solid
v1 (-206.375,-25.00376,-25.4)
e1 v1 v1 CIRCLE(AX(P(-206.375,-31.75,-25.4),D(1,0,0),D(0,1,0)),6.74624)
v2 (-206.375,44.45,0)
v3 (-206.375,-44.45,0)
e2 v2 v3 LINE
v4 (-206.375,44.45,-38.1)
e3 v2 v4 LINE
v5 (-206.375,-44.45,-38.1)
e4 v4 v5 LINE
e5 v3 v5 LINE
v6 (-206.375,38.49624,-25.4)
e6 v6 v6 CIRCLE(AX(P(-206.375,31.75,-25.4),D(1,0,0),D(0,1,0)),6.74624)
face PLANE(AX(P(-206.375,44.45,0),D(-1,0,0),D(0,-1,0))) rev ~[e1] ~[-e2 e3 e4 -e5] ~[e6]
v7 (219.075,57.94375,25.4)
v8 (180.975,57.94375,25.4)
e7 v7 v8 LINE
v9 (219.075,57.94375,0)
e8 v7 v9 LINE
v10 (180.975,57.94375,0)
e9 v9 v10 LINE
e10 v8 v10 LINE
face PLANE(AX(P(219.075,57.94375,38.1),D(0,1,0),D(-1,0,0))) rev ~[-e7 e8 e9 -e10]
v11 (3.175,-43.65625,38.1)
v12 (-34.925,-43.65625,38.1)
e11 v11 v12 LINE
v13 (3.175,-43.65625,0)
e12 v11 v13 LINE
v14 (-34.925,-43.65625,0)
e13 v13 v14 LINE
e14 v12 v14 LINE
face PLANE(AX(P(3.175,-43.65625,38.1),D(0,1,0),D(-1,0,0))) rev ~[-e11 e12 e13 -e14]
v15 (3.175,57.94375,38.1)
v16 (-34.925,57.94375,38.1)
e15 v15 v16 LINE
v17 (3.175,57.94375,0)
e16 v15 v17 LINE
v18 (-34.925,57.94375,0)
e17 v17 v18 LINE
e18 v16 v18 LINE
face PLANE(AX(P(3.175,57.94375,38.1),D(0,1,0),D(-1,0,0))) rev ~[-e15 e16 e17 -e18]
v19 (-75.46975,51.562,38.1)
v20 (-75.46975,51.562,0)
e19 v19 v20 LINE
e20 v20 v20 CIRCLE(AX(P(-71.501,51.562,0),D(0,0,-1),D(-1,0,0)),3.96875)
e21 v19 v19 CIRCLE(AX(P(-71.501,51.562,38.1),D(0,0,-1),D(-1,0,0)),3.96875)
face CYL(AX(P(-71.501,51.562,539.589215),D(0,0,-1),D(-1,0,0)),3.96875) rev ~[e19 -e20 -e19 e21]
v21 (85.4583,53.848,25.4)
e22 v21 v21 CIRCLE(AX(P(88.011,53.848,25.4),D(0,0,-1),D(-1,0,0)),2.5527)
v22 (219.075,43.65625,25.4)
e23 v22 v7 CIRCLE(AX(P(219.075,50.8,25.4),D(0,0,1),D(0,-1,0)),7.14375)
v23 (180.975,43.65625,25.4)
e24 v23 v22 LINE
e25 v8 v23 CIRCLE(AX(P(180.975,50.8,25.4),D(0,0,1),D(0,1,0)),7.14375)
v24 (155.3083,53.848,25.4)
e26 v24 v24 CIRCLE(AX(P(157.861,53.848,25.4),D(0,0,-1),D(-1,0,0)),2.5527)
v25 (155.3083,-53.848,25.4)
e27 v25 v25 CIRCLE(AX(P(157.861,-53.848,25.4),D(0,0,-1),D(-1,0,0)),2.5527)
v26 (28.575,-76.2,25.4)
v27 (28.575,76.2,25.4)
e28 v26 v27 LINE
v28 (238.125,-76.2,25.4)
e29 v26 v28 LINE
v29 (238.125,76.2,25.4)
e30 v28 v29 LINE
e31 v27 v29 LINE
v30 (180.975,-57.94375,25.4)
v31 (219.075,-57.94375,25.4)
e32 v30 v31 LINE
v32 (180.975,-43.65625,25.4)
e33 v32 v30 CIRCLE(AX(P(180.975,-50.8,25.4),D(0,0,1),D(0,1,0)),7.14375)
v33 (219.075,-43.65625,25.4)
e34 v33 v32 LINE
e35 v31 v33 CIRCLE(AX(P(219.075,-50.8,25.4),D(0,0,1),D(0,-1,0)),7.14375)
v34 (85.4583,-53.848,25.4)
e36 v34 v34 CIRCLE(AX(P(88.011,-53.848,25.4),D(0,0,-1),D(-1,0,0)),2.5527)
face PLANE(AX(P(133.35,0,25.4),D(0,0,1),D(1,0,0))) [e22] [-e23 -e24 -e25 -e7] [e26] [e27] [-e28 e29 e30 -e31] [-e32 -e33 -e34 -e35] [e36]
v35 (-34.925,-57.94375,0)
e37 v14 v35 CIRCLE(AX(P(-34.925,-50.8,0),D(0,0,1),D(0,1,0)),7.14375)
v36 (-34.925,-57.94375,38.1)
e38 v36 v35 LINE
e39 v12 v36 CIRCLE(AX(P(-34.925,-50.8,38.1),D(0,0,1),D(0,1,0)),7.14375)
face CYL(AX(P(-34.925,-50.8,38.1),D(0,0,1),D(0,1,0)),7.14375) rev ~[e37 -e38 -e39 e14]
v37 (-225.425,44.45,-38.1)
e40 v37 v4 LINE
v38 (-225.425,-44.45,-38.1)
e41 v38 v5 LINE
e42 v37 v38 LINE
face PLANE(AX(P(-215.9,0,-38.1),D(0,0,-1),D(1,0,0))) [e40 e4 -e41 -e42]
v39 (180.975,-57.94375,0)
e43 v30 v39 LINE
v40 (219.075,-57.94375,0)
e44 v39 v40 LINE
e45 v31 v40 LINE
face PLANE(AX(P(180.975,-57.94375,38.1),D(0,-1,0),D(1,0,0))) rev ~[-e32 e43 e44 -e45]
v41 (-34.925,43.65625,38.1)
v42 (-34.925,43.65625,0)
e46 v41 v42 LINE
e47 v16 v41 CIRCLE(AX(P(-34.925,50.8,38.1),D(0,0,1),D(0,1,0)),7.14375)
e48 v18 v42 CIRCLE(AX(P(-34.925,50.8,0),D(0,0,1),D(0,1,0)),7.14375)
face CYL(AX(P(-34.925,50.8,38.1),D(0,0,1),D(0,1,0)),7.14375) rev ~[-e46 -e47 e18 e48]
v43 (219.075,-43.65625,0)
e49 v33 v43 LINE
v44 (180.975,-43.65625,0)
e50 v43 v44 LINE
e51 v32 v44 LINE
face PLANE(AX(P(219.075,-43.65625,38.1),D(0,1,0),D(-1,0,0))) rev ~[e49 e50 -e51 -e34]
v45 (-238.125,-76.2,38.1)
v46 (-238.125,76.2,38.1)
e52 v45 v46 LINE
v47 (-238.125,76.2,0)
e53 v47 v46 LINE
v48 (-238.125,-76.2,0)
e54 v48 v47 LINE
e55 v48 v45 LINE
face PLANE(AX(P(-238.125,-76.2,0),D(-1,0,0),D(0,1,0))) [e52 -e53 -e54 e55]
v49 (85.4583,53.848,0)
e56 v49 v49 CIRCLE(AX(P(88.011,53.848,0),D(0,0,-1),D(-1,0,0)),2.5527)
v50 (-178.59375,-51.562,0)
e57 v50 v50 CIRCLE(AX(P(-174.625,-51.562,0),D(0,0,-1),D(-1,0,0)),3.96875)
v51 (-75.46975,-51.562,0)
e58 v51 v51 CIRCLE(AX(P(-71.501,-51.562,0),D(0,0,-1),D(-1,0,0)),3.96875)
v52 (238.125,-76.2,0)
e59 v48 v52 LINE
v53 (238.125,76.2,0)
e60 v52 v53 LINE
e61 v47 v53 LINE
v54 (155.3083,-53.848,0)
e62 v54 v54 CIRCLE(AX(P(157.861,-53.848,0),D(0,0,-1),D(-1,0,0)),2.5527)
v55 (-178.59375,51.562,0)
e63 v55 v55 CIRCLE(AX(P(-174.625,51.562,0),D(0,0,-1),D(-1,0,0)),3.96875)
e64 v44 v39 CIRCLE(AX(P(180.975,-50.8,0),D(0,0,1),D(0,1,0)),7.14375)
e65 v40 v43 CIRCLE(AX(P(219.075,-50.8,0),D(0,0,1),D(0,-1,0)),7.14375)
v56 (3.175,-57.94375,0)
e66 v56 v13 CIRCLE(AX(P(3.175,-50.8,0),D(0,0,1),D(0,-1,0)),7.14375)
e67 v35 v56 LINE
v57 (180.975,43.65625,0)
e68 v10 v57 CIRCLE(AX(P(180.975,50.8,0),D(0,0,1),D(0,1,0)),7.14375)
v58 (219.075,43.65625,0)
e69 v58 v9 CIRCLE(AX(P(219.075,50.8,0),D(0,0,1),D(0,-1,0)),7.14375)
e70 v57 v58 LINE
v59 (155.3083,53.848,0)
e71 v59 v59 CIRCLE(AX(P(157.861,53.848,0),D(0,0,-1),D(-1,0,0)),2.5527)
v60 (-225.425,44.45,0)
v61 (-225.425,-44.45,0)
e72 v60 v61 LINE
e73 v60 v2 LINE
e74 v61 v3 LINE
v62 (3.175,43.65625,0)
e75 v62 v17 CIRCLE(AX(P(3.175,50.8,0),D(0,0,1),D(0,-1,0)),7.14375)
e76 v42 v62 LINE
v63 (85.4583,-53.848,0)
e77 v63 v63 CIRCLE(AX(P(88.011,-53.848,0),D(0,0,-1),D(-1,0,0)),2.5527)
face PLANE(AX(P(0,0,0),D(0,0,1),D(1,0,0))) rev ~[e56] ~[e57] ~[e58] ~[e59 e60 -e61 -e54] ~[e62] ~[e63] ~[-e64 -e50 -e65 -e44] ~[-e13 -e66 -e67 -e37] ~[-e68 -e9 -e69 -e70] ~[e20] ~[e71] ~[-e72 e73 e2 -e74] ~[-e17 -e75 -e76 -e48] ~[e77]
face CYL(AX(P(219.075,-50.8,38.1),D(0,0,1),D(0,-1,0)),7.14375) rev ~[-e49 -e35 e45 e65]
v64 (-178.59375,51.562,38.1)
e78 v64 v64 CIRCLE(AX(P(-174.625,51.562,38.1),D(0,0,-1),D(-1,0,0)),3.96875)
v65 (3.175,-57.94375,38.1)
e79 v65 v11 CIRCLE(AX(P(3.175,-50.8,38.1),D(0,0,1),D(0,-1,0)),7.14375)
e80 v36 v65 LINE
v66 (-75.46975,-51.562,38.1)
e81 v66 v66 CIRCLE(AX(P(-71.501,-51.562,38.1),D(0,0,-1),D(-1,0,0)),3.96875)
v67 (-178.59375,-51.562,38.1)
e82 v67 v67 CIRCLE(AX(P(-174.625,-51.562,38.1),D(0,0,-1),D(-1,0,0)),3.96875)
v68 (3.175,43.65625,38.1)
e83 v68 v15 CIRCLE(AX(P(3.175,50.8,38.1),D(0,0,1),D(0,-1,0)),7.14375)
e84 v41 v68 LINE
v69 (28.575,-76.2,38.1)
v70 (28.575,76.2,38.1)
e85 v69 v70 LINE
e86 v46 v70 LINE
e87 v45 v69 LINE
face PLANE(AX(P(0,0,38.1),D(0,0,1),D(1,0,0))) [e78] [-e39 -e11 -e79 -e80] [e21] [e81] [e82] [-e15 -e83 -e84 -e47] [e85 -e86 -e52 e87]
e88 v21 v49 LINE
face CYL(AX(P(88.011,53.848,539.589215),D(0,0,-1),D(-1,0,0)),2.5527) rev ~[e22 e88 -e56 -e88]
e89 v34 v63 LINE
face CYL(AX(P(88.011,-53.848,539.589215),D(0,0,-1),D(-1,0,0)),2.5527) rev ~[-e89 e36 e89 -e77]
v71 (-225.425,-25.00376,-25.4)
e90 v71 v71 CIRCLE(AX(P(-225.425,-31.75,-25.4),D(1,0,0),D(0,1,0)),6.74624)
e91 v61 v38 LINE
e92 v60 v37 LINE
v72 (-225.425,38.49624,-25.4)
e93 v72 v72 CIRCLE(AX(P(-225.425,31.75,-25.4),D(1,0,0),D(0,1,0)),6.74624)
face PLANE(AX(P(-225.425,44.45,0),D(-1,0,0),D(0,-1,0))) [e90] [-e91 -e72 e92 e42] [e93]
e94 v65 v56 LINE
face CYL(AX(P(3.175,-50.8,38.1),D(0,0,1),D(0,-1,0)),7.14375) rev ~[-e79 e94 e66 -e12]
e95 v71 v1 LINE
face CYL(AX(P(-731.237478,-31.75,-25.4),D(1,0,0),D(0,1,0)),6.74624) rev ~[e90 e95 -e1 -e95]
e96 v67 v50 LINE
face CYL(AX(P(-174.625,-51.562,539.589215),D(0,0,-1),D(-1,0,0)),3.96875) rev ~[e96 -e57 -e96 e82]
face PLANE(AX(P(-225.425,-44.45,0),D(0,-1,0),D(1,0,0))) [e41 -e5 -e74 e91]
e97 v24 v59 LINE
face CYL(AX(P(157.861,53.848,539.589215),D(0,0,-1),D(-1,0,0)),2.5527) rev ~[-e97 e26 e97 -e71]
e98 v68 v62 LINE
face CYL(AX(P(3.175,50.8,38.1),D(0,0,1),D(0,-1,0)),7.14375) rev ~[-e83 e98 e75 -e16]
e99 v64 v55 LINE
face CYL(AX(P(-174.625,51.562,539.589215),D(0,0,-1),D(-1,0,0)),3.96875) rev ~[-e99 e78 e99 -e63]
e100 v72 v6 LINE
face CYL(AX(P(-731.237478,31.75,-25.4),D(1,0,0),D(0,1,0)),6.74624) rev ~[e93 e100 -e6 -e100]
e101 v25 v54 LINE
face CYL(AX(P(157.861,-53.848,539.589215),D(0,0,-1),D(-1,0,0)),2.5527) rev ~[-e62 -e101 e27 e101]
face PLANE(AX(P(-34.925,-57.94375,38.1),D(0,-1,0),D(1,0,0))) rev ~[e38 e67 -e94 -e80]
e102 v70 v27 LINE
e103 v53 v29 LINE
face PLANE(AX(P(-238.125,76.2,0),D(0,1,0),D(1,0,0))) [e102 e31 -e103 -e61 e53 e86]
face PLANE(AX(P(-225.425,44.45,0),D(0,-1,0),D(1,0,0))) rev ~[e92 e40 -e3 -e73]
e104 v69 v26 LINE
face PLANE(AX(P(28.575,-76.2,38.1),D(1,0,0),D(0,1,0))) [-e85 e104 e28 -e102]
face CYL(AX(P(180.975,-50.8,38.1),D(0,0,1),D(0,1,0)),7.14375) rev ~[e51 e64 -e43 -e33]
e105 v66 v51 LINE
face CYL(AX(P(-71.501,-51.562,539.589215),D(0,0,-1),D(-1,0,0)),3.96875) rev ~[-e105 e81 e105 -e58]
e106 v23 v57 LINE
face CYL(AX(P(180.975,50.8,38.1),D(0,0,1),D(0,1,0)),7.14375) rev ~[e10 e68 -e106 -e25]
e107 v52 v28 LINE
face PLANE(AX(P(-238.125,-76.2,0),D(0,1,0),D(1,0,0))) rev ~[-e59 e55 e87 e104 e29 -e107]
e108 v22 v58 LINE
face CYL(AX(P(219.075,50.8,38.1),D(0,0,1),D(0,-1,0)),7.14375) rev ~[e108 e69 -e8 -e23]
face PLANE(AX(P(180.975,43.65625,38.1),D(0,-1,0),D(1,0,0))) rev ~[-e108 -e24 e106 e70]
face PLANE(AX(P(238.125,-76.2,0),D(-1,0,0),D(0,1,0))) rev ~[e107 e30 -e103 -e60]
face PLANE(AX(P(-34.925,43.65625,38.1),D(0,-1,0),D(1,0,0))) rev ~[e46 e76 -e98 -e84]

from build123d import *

# Parameters (mm, degrees)
F0_W      = 476.25
F0_H      = 152.4
F1_DEPTH  = 38.1
F2_W      = 209.55
F2_H      = 152.4
F3_DEPTH  = 12.7
F5_DEPTH  = 38.101
F7_D      = 7.9375
F8_D      = 5.1054
F9_W      = 19.05
F9_H      = 88.9
F10_DEPTH = 38.1
F12_D     = 13.49248


with BuildPart() as f1:
    # F0 (on Top) → F1 (new body)
    with BuildSketch(Plane.XY):
        Rectangle(F0_W, F0_H)
    extrude(amount=F1_DEPTH)

    # F2 (on face) → F3 (cut)
    with BuildSketch(Plane.XY.offset(38.1)):
        with Locations((133.35, 0)):
            Rectangle(F2_W, F2_H)
    extrude(amount=-F3_DEPTH, mode=Mode.SUBTRACT)

    # F4 (on face) → F5 (cut, through all)
    with BuildSketch(Plane.XY.offset(38.1)):
        with BuildLine():
            Line((3.175, -43.65625), (-34.925, -43.65625))
            ThreePointArc((-34.925, -43.65625), (-42.06875, -50.8), (-34.925, -57.94375))
            Line((-34.925, -57.94375), (3.175, -57.94375))
            ThreePointArc((3.175, -57.94375), (10.31875, -50.8), (3.175, -43.65625))
        make_face()
        with BuildLine():
            Line((219.075, -43.65625), (180.975, -43.65625))
            ThreePointArc((180.975, -43.65625), (173.83125, -50.8), (180.975, -57.94375))
            Line((180.975, -57.94375), (219.075, -57.94375))
            ThreePointArc((219.075, -57.94375), (226.21875, -50.8), (219.075, -43.65625))
        make_face()
        with BuildLine():
            ThreePointArc((-34.925, 57.94375), (-42.06875, 50.8), (-34.925, 43.65625))
            Line((-34.925, 43.65625), (3.175, 43.65625))
            ThreePointArc((3.175, 43.65625), (10.31875, 50.8), (3.175, 57.94375))
            Line((3.175, 57.94375), (-34.925, 57.94375))
        make_face()
        with BuildLine():
            ThreePointArc((180.975, 57.94375), (173.83125, 50.8), (180.975, 43.65625))
            Line((180.975, 43.65625), (219.075, 43.65625))
            ThreePointArc((219.075, 43.65625), (226.21875, 50.8), (219.075, 57.94375))
            Line((219.075, 57.94375), (180.975, 57.94375))
        make_face()
    extrude(amount=-F5_DEPTH, mode=Mode.SUBTRACT)

    # F7 (through all)
    with Locations(Plane.XY.offset(38.1)):
        with Locations((-174.625, 51.562), (-71.501, 51.562), (-174.625, -51.562), (-71.501, -51.562)):
            Hole(F7_D / 2)

    # F8 (through all)
    with Locations(Plane.XY.offset(38.1)):
        with Locations((88.011, 53.848), (157.861, 53.848), (88.011, -53.848), (157.861, -53.848)):
            Hole(F8_D / 2)

    # F9 (on face) → F10 (join)
    with BuildSketch(Plane(origin=(0, 0, 0), x_dir=(1, 0, 0), z_dir=(0, 0, -1))):
        with Locations((-215.9, 0)):
            Rectangle(F9_W, F9_H)
    extrude(amount=F10_DEPTH)

    # F12 (through all)
    with Locations(Plane(origin=(-225.425, 0, 0), x_dir=(0, -1, 0), z_dir=(-1, 0, 0))):
        with Locations((-31.75, -25.4), (31.75, -25.4)):
            Hole(F12_D / 2)


solid = f1.part
